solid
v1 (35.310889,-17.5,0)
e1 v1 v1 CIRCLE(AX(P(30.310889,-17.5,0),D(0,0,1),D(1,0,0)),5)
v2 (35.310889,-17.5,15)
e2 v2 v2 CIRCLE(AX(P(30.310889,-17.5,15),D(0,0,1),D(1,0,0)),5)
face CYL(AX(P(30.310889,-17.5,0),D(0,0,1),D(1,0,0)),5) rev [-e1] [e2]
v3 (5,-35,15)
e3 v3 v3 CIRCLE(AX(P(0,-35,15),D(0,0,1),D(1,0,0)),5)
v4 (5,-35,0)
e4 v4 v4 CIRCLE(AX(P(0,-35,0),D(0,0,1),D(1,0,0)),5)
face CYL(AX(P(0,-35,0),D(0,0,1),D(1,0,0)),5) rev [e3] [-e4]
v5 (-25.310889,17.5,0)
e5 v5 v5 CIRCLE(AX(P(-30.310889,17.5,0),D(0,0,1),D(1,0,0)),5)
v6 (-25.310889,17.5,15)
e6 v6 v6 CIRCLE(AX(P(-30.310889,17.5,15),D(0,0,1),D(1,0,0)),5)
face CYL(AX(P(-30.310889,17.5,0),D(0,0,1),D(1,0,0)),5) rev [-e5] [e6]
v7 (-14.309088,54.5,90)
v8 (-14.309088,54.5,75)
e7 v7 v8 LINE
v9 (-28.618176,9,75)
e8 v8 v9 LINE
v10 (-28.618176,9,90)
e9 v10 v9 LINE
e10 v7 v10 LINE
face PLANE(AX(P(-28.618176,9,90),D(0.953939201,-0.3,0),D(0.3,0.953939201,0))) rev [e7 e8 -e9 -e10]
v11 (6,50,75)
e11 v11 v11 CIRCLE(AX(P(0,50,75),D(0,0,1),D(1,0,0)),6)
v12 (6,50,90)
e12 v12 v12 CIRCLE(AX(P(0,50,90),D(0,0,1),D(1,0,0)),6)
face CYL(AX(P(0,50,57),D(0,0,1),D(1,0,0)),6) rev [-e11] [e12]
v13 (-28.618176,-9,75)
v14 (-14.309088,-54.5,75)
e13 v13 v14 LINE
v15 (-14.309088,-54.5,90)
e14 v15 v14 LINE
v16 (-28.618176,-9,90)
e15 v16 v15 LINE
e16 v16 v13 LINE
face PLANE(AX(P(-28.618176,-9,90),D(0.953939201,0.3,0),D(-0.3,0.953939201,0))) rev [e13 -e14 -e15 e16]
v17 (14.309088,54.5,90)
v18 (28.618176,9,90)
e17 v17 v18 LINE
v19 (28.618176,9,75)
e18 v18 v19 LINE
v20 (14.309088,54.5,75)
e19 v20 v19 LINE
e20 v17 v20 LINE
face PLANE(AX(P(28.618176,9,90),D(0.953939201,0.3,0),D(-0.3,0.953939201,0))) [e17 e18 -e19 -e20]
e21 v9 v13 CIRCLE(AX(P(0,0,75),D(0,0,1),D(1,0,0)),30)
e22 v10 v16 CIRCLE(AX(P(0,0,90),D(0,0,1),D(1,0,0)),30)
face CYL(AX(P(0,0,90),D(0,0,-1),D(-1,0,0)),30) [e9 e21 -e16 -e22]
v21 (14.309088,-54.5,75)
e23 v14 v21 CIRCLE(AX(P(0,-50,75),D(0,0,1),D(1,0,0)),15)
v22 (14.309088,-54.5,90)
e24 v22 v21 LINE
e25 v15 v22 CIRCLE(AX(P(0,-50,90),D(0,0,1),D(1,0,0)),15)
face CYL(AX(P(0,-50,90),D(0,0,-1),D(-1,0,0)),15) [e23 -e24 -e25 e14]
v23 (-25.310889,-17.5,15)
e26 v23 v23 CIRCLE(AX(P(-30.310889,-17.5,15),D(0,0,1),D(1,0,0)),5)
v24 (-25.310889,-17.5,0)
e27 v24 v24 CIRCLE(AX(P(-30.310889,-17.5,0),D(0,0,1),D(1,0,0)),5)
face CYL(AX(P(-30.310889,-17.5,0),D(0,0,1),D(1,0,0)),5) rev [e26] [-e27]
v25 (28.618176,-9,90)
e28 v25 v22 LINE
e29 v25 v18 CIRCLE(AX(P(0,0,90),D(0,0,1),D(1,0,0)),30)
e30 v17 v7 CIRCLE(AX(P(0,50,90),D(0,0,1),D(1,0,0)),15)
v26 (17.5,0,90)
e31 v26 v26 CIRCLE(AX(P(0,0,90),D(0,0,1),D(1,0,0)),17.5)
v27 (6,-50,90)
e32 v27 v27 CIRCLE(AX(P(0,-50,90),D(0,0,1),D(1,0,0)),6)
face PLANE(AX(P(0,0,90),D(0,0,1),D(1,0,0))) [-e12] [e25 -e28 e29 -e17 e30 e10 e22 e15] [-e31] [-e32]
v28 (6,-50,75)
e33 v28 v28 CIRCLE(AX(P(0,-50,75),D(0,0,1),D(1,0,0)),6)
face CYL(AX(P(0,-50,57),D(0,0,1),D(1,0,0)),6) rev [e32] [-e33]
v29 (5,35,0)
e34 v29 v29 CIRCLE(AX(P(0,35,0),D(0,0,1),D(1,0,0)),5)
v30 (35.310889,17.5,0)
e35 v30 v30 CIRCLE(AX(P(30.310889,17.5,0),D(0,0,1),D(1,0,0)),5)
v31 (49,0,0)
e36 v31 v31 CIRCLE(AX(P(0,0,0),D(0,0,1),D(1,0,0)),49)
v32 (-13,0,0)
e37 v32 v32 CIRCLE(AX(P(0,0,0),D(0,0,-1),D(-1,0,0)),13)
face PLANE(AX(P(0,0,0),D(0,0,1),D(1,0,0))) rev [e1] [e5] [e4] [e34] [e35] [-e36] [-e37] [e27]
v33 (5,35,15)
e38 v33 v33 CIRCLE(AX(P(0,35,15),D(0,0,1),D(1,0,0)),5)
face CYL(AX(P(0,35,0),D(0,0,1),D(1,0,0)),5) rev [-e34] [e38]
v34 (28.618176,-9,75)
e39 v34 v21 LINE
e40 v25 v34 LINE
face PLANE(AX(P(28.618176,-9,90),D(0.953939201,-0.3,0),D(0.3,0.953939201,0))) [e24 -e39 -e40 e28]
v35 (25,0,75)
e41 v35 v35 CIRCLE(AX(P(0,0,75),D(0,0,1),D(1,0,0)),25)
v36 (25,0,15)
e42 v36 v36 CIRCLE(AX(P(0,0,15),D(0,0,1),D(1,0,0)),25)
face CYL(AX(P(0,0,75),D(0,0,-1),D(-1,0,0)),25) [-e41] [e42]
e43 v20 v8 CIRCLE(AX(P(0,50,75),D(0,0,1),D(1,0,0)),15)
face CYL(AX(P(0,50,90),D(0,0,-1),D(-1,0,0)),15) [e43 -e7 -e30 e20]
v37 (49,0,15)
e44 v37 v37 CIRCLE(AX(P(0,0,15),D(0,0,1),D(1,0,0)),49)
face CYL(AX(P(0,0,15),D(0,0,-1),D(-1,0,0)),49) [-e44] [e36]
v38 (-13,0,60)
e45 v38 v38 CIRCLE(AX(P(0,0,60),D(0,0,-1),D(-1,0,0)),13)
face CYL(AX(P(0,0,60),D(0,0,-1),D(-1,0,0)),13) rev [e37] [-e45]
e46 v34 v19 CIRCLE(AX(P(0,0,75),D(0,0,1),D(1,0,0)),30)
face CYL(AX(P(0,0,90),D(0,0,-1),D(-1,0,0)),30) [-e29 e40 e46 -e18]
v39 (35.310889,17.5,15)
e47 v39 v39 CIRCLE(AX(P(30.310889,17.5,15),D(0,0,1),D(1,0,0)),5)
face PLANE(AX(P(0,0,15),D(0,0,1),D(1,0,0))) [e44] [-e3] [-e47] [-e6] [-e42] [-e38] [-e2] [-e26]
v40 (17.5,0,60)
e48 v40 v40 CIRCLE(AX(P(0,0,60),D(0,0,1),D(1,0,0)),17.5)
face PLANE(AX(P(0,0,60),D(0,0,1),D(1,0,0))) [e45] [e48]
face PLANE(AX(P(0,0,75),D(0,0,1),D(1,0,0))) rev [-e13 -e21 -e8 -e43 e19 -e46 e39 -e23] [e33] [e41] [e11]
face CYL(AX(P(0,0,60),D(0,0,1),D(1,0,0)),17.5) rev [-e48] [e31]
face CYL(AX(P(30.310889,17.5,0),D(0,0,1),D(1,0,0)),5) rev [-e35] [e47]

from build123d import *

# Parameters (mm, degrees)
SKETCH1_R           = 49
BOSS_EXTRUDE1_DEPTH = 15
SKETCH7_R           = 5
CUT_EXTRUDE1_DEPTH  = 71.901339903
SKETCH8_R           = 25
BOSS_EXTRUDE2_DEPTH = 60
BOSS_EXTRUDE3_DEPTH = 15
SKETCH11_R          = 6
CUT_EXTRUDE3_DEPTH  = 33
SKETCH11_3_R        = 6
SKETCH11_3_R_2      = 17.5
CUT_EXTRUDE4_DEPTH  = 30
SKETCH12_R          = 13
CUT_EXTRUDE5_DEPTH  = 60


with BuildPart() as part:
    # Sketch1 → Boss-Extrude1 (new body)
    with BuildSketch(Plane.XY):
        Circle(SKETCH1_R)
    extrude(amount=BOSS_EXTRUDE1_DEPTH)

    # Sketch7 → Cut-Extrude1 (cut, through all)
    with BuildSketch(Plane.XY.offset(15)):
        with Locations((0, 35)):
            Circle(SKETCH7_R)
        with Locations((30.310889132, 17.5)):
            Circle(SKETCH7_R)
        with Locations((30.310889132, -17.5)):
            Circle(SKETCH7_R)
        with Locations((0, -35)):
            Circle(SKETCH7_R)
        with Locations((-30.310889132, -17.5)):
            Circle(SKETCH7_R)
        with Locations((-30.310889132, 17.5)):
            Circle(SKETCH7_R)
    extrude(amount=-CUT_EXTRUDE1_DEPTH, mode=Mode.SUBTRACT)

    # Sketch8 → Boss-Extrude2 (add)
    with BuildSketch(Plane.XY.offset(15)):
        Circle(SKETCH8_R)
    extrude(amount=BOSS_EXTRUDE2_DEPTH)

    # Sketch10 → Boss-Extrude3 (add)
    with BuildSketch(Plane.XY.offset(75)):
        with BuildLine():
            Line((14.309088021, -54.5), (28.618175991, -9.000000163))
            ThreePointArc((28.618175991, -9.000000163), (30, -8.5e-08), (28.618176043, 9))
            Line((28.618176043, 9), (14.309088021, 54.5))
            ThreePointArc((14.309088021, 54.5), (0, 65), (-14.309088021, 54.5))
            Line((-14.309088021, 54.5), (-28.618176043, 9))
            ThreePointArc((-28.618176043, 9), (-30, 0), (-28.618176043, -9))
            Line((-28.618176043, -9), (-14.309088021, -54.5))
            ThreePointArc((-14.309088021, -54.5), (0, -65), (14.309088021, -54.5))
        make_face()
    extrude(amount=BOSS_EXTRUDE3_DEPTH)

    # Sketch11 → Cut-Extrude3 (cut)
    with BuildSketch(Plane.XY.offset(90)):
        with Locations((0, 50)):
            Circle(SKETCH11_R)
        with Locations((0, -50)):
            Circle(SKETCH11_R)
    extrude(amount=-CUT_EXTRUDE3_DEPTH, mode=Mode.SUBTRACT)

    # Sketch11<3> → Cut-Extrude4 (cut)
    with BuildSketch(Plane.XY.offset(90)):
        with Locations((0, 50)):
            Circle(SKETCH11_3_R)
        with Locations((0, -50)):
            Circle(SKETCH11_3_R)
        Circle(SKETCH11_3_R_2)
    extrude(amount=-CUT_EXTRUDE4_DEPTH, mode=Mode.SUBTRACT)

    # Sketch12 → Cut-Extrude5 (cut)
    with BuildSketch(Plane(origin=(0, 0, 0), x_dir=(-1, 0, 0), z_dir=(0, 0, -1))):
        Circle(SKETCH12_R)
    extrude(amount=-CUT_EXTRUDE5_DEPTH, mode=Mode.SUBTRACT)


solid = part.part
